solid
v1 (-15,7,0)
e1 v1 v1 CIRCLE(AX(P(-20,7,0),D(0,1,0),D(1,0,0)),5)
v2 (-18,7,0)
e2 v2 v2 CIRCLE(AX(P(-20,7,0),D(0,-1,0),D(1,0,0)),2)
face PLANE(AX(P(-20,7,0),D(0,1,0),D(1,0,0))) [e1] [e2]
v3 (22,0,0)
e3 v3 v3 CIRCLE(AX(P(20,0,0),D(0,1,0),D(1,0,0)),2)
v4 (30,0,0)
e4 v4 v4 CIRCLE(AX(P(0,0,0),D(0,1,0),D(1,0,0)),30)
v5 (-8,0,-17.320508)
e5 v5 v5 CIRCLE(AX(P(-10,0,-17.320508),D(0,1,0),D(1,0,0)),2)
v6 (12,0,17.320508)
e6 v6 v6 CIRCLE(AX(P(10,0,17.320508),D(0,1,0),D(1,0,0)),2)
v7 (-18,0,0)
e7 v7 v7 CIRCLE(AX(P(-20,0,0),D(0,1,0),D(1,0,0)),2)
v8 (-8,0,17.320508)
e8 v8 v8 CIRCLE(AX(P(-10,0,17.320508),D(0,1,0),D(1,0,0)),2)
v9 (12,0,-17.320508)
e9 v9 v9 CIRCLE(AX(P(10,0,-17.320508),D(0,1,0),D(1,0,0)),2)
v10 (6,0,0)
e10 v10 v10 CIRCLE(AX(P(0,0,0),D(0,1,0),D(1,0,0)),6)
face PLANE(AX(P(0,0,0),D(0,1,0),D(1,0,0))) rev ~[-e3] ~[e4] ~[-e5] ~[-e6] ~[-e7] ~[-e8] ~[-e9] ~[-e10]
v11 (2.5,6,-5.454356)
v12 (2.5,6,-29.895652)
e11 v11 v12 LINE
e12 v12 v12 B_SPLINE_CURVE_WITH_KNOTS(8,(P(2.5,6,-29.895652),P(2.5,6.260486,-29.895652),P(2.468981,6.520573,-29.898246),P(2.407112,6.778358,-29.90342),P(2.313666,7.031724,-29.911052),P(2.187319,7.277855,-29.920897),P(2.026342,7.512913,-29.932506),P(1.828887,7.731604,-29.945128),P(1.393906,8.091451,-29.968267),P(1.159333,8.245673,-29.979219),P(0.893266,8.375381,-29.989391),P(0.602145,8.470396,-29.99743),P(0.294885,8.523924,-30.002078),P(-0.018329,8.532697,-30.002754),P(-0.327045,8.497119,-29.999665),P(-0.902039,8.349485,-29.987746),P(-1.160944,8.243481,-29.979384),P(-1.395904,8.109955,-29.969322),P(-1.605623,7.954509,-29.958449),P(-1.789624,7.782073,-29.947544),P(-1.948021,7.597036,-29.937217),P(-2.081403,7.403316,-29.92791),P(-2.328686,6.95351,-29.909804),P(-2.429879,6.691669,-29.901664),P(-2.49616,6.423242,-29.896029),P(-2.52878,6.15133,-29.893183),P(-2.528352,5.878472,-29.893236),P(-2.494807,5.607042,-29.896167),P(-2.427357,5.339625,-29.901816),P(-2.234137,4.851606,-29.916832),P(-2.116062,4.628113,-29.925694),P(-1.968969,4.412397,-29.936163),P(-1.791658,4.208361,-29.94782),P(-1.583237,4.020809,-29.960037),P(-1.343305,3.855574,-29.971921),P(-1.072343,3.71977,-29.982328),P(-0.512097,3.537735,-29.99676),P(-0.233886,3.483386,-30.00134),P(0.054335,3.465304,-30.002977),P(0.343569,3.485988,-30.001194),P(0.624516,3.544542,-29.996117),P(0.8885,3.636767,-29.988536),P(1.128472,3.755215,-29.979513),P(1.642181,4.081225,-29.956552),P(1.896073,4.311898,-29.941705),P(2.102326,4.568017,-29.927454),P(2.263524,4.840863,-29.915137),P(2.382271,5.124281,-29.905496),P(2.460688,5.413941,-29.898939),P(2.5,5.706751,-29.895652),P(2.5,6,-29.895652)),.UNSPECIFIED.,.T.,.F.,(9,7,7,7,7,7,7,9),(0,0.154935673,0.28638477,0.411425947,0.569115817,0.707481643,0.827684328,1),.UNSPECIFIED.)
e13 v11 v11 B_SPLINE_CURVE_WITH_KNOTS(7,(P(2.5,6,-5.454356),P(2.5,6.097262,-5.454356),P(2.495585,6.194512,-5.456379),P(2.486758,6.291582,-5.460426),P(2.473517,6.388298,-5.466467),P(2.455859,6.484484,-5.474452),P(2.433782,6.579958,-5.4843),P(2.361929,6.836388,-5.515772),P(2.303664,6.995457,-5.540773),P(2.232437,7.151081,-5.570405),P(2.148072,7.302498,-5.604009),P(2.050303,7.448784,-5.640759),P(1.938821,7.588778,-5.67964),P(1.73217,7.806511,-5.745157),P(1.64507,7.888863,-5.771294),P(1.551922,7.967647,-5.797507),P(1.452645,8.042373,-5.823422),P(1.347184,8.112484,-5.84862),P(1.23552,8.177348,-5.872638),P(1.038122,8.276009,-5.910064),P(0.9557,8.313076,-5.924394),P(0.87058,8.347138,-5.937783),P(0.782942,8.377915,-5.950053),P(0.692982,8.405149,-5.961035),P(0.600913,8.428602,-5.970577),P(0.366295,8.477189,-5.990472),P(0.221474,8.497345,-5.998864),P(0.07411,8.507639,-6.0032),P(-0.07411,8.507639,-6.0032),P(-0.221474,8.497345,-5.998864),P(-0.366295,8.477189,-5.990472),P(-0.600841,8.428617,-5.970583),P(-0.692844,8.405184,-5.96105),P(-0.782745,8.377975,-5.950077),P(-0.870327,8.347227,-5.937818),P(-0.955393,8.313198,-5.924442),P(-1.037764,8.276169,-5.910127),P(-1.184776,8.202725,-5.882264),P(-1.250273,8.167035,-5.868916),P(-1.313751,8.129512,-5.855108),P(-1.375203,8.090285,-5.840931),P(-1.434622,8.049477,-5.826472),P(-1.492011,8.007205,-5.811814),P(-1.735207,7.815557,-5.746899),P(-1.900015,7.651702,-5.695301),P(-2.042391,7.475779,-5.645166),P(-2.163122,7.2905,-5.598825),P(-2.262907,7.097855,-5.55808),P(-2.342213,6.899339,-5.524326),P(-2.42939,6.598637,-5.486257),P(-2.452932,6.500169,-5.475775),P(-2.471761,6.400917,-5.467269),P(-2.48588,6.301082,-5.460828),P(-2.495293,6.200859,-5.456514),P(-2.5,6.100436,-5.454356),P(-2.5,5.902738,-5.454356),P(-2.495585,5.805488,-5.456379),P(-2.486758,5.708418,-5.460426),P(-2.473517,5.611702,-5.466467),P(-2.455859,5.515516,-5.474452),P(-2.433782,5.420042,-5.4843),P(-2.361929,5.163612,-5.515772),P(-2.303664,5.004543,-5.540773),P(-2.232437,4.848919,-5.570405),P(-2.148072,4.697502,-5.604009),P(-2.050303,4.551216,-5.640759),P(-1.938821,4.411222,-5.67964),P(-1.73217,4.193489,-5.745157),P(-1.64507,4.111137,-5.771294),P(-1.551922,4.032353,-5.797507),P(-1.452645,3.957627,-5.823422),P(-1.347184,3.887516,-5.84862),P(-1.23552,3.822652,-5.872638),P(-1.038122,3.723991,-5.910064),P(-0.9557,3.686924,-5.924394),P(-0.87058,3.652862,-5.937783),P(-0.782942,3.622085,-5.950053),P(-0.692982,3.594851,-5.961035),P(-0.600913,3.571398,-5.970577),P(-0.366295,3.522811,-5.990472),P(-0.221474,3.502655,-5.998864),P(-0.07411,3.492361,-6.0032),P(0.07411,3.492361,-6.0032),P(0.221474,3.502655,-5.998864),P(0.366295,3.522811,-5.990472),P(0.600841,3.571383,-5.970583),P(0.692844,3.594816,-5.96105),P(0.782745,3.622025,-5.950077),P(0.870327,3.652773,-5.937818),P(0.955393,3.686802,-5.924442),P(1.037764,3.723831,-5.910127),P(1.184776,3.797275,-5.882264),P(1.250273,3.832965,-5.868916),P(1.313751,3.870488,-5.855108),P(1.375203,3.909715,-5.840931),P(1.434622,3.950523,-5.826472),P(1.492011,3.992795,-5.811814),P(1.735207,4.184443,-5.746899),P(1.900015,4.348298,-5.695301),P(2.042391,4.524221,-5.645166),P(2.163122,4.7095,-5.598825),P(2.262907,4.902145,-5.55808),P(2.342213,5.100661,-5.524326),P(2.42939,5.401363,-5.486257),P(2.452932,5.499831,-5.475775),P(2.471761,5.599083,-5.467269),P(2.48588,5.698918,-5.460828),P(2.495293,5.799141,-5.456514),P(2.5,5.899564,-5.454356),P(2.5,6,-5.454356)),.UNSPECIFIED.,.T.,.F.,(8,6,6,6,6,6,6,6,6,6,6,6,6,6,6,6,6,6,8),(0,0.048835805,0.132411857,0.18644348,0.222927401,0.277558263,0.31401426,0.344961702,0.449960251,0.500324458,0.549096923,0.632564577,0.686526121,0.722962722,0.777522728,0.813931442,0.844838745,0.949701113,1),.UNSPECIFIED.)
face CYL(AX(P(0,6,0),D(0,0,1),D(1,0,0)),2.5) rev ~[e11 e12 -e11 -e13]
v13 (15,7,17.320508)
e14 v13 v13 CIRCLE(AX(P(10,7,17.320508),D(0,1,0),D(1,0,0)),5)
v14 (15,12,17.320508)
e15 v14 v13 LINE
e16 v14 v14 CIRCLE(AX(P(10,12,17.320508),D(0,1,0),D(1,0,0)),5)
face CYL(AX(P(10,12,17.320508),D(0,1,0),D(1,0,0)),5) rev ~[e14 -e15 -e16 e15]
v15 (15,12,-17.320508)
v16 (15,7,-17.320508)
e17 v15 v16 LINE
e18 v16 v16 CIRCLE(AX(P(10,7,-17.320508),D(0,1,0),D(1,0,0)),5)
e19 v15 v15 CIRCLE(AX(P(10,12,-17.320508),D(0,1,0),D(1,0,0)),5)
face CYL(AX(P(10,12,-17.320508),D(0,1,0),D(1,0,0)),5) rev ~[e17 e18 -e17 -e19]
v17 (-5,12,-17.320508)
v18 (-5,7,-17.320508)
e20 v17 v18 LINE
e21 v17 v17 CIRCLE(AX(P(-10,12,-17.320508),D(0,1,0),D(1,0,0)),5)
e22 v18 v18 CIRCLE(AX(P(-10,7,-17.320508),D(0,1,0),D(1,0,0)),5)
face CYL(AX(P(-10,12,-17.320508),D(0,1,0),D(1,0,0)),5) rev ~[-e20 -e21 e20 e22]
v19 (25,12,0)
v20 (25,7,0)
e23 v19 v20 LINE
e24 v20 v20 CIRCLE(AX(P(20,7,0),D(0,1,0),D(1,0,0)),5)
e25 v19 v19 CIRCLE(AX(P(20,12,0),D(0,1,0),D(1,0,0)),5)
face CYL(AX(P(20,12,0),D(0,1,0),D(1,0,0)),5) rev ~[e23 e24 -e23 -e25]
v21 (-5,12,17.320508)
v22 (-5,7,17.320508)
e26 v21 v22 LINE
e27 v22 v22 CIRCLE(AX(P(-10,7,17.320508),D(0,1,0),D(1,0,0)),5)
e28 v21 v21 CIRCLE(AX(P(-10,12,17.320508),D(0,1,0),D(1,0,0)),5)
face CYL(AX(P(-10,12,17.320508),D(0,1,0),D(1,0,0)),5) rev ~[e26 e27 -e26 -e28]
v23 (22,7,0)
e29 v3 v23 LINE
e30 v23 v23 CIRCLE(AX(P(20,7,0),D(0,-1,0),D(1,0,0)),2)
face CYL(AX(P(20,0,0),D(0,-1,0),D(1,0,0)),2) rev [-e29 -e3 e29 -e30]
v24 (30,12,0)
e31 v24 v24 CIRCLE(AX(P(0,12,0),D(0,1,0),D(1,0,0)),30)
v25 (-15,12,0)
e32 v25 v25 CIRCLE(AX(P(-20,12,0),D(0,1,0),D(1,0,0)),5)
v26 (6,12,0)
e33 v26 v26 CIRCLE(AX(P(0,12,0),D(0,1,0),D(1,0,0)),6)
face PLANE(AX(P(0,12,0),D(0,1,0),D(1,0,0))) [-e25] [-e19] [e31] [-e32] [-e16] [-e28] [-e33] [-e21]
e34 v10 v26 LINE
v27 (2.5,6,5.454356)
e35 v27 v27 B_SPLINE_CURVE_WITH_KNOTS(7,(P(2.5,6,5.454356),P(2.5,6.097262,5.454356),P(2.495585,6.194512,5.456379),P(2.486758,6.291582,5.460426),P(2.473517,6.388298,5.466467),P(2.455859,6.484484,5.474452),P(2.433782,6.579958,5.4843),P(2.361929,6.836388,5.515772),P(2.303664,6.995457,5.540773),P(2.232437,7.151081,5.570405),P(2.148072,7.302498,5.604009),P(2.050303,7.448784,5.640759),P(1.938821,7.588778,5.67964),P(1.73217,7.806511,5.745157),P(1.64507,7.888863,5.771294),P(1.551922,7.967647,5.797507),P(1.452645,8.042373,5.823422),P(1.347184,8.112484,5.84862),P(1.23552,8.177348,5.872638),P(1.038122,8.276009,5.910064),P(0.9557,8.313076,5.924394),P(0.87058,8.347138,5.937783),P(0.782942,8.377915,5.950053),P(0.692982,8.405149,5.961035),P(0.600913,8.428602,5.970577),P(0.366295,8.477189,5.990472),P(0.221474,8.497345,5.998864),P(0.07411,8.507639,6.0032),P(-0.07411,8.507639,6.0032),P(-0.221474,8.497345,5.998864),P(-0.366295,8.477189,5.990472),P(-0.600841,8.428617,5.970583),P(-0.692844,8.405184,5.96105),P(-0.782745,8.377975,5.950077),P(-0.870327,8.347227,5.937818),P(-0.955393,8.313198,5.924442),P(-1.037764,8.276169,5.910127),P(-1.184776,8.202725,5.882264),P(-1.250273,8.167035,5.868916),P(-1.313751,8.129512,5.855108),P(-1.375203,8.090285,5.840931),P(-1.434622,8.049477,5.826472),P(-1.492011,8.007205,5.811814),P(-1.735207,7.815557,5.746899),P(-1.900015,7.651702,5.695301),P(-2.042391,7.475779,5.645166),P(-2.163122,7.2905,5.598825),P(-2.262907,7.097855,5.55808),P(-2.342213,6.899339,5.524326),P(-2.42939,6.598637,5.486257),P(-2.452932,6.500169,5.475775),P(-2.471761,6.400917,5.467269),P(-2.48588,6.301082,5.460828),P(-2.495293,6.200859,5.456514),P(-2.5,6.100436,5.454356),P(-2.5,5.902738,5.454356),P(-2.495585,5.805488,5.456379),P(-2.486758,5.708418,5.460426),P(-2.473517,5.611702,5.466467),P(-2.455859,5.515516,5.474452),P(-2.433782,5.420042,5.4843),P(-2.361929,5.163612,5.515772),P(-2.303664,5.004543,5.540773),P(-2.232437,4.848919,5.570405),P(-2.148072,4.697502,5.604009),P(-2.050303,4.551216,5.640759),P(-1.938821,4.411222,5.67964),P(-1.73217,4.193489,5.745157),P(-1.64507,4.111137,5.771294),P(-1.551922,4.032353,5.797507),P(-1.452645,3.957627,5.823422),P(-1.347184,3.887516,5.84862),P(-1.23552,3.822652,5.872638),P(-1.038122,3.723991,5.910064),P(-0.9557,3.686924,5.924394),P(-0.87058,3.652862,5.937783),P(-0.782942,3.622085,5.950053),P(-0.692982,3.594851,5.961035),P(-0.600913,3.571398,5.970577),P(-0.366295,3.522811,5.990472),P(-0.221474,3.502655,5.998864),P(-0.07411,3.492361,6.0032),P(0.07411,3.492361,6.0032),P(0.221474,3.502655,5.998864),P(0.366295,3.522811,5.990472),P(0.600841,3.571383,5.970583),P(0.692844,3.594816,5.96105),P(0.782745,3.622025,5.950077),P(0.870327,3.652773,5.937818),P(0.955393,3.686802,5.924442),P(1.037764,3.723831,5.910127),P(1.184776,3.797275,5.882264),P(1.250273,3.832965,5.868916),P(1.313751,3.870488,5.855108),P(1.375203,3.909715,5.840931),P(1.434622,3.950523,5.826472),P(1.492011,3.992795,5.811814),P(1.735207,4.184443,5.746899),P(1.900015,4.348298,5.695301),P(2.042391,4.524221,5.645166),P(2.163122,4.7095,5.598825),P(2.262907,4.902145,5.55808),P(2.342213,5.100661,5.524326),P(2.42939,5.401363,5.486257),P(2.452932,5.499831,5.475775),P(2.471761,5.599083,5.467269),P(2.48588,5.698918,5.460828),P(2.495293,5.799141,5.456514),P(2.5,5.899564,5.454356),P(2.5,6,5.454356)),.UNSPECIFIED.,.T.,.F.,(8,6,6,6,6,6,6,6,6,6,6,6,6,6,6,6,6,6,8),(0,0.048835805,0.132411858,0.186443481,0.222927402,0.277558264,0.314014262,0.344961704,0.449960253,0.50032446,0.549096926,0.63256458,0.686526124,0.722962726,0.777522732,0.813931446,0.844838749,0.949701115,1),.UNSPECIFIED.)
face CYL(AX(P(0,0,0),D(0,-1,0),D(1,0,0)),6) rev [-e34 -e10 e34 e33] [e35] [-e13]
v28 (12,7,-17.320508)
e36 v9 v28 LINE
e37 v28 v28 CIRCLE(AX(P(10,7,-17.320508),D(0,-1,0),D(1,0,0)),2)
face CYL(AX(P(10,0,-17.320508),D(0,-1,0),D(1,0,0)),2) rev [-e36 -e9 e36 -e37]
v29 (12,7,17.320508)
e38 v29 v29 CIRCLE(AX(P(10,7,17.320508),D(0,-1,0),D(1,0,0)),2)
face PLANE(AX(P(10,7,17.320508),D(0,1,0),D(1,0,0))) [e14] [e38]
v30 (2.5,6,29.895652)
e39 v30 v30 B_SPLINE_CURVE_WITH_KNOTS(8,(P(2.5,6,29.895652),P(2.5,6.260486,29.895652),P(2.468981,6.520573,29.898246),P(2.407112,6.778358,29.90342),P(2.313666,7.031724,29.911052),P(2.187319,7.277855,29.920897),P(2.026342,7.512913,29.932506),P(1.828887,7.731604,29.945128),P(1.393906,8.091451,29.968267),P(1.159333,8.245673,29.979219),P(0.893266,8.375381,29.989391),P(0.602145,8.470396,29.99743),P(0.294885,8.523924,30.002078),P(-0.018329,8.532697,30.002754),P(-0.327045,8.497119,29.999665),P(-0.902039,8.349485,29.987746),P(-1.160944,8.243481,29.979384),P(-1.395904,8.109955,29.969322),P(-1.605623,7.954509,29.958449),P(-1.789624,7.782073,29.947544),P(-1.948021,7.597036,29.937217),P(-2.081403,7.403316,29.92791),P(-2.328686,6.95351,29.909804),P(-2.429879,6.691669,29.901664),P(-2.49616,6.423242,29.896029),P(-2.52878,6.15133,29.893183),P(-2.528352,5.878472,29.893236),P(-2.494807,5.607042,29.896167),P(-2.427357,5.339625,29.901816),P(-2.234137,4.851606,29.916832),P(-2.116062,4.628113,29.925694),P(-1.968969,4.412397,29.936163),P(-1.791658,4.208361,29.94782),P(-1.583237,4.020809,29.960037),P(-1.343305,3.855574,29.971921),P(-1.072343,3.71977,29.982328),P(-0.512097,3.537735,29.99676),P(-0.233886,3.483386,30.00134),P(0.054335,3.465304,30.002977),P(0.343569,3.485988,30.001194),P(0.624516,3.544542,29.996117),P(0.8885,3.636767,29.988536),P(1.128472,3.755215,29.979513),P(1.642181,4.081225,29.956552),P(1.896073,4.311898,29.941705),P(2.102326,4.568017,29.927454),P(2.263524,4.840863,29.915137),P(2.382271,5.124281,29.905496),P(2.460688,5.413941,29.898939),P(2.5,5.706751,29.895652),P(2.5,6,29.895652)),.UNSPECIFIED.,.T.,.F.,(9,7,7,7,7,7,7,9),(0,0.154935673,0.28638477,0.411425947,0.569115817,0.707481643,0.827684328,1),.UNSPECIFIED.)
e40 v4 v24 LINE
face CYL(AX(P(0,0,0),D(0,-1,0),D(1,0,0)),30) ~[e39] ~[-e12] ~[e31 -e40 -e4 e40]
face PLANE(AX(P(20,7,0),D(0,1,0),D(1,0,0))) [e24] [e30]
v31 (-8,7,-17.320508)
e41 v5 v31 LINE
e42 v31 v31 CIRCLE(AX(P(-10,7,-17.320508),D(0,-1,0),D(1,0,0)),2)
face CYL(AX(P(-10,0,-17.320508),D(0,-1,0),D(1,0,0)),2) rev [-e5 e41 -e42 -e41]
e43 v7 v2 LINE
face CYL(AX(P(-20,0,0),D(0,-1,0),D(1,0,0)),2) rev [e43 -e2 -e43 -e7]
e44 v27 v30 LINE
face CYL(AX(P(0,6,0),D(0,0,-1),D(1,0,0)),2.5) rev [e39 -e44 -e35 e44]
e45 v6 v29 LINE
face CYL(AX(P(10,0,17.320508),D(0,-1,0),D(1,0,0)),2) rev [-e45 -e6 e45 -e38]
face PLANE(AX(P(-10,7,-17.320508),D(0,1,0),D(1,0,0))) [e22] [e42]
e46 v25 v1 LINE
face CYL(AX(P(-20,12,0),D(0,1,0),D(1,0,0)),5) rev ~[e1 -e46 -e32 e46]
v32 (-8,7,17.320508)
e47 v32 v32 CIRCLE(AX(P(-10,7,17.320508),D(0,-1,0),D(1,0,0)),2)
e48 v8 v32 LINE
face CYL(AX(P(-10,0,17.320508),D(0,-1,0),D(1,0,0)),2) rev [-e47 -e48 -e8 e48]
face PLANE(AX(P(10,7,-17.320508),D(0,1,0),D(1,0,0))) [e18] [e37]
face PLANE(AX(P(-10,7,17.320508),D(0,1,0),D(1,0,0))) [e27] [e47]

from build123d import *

# Parameters (mm, degrees)
SKETCH1_R               = 30
SKETCH1_R_2             = 2
SKETCH1_R_3             = 6
BOSS_EXTRUDE1_DEPTH     = 12
SKETCH2_R               = 2.5
CUT_EXTRUDE1_DEPTH      = 31
CUT_EXTRUDE1_DEPTH_BACK = 31
SKETCH3_R               = 5
CUT_EXTRUDE2_DEPTH      = 5


with BuildPart() as part:
    # Sketch1 → Boss-Extrude1 (new body)
    with BuildSketch(Plane(origin=(0, 0, 0), x_dir=(1, 0, 0), z_dir=(0, 1, 0))):
        Circle(SKETCH1_R)
        with Locations((20, 0)):
            Circle(SKETCH1_R_2, mode=Mode.SUBTRACT)
        with Locations((10, -17.320508076)):
            Circle(SKETCH1_R_2, mode=Mode.SUBTRACT)
        with Locations((-10, -17.320508076)):
            Circle(SKETCH1_R_2, mode=Mode.SUBTRACT)
        with Locations((-20, 0)):
            Circle(SKETCH1_R_2, mode=Mode.SUBTRACT)
        with Locations((-10, 17.320508076)):
            Circle(SKETCH1_R_2, mode=Mode.SUBTRACT)
        with Locations((10, 17.320508076)):
            Circle(SKETCH1_R_2, mode=Mode.SUBTRACT)
        Circle(SKETCH1_R_3, mode=Mode.SUBTRACT)
    extrude(amount=BOSS_EXTRUDE1_DEPTH)

    # Sketch2 → Cut-Extrude1 (cut, two sides)
    with BuildSketch(Plane.XY) as cut_extrude1_sk:
        with Locations((0, 6)):
            Circle(SKETCH2_R)
    extrude(amount=CUT_EXTRUDE1_DEPTH, mode=Mode.SUBTRACT)
    extrude(cut_extrude1_sk.sketch, amount=-CUT_EXTRUDE1_DEPTH_BACK, mode=Mode.SUBTRACT)

    # Sketch3 → Cut-Extrude2 (cut)
    with BuildSketch(Plane(origin=(0, 12, 0), x_dir=(1, 0, 0), z_dir=(0, 1, 0))):
        with Locations((-10, 17.320508076)):
            Circle(SKETCH3_R)
        with Locations((10, 17.320508076)):
            Circle(SKETCH3_R)
        with Locations((20, 0)):
            Circle(SKETCH3_R)
        with Locations((10, -17.320508076)):
            Circle(SKETCH3_R)
        with Locations((-10, -17.320508076)):
            Circle(SKETCH3_R)
        with Locations((-20, 0)):
            Circle(SKETCH3_R)
    extrude(amount=-CUT_EXTRUDE2_DEPTH, mode=Mode.SUBTRACT)


solid = part.part
